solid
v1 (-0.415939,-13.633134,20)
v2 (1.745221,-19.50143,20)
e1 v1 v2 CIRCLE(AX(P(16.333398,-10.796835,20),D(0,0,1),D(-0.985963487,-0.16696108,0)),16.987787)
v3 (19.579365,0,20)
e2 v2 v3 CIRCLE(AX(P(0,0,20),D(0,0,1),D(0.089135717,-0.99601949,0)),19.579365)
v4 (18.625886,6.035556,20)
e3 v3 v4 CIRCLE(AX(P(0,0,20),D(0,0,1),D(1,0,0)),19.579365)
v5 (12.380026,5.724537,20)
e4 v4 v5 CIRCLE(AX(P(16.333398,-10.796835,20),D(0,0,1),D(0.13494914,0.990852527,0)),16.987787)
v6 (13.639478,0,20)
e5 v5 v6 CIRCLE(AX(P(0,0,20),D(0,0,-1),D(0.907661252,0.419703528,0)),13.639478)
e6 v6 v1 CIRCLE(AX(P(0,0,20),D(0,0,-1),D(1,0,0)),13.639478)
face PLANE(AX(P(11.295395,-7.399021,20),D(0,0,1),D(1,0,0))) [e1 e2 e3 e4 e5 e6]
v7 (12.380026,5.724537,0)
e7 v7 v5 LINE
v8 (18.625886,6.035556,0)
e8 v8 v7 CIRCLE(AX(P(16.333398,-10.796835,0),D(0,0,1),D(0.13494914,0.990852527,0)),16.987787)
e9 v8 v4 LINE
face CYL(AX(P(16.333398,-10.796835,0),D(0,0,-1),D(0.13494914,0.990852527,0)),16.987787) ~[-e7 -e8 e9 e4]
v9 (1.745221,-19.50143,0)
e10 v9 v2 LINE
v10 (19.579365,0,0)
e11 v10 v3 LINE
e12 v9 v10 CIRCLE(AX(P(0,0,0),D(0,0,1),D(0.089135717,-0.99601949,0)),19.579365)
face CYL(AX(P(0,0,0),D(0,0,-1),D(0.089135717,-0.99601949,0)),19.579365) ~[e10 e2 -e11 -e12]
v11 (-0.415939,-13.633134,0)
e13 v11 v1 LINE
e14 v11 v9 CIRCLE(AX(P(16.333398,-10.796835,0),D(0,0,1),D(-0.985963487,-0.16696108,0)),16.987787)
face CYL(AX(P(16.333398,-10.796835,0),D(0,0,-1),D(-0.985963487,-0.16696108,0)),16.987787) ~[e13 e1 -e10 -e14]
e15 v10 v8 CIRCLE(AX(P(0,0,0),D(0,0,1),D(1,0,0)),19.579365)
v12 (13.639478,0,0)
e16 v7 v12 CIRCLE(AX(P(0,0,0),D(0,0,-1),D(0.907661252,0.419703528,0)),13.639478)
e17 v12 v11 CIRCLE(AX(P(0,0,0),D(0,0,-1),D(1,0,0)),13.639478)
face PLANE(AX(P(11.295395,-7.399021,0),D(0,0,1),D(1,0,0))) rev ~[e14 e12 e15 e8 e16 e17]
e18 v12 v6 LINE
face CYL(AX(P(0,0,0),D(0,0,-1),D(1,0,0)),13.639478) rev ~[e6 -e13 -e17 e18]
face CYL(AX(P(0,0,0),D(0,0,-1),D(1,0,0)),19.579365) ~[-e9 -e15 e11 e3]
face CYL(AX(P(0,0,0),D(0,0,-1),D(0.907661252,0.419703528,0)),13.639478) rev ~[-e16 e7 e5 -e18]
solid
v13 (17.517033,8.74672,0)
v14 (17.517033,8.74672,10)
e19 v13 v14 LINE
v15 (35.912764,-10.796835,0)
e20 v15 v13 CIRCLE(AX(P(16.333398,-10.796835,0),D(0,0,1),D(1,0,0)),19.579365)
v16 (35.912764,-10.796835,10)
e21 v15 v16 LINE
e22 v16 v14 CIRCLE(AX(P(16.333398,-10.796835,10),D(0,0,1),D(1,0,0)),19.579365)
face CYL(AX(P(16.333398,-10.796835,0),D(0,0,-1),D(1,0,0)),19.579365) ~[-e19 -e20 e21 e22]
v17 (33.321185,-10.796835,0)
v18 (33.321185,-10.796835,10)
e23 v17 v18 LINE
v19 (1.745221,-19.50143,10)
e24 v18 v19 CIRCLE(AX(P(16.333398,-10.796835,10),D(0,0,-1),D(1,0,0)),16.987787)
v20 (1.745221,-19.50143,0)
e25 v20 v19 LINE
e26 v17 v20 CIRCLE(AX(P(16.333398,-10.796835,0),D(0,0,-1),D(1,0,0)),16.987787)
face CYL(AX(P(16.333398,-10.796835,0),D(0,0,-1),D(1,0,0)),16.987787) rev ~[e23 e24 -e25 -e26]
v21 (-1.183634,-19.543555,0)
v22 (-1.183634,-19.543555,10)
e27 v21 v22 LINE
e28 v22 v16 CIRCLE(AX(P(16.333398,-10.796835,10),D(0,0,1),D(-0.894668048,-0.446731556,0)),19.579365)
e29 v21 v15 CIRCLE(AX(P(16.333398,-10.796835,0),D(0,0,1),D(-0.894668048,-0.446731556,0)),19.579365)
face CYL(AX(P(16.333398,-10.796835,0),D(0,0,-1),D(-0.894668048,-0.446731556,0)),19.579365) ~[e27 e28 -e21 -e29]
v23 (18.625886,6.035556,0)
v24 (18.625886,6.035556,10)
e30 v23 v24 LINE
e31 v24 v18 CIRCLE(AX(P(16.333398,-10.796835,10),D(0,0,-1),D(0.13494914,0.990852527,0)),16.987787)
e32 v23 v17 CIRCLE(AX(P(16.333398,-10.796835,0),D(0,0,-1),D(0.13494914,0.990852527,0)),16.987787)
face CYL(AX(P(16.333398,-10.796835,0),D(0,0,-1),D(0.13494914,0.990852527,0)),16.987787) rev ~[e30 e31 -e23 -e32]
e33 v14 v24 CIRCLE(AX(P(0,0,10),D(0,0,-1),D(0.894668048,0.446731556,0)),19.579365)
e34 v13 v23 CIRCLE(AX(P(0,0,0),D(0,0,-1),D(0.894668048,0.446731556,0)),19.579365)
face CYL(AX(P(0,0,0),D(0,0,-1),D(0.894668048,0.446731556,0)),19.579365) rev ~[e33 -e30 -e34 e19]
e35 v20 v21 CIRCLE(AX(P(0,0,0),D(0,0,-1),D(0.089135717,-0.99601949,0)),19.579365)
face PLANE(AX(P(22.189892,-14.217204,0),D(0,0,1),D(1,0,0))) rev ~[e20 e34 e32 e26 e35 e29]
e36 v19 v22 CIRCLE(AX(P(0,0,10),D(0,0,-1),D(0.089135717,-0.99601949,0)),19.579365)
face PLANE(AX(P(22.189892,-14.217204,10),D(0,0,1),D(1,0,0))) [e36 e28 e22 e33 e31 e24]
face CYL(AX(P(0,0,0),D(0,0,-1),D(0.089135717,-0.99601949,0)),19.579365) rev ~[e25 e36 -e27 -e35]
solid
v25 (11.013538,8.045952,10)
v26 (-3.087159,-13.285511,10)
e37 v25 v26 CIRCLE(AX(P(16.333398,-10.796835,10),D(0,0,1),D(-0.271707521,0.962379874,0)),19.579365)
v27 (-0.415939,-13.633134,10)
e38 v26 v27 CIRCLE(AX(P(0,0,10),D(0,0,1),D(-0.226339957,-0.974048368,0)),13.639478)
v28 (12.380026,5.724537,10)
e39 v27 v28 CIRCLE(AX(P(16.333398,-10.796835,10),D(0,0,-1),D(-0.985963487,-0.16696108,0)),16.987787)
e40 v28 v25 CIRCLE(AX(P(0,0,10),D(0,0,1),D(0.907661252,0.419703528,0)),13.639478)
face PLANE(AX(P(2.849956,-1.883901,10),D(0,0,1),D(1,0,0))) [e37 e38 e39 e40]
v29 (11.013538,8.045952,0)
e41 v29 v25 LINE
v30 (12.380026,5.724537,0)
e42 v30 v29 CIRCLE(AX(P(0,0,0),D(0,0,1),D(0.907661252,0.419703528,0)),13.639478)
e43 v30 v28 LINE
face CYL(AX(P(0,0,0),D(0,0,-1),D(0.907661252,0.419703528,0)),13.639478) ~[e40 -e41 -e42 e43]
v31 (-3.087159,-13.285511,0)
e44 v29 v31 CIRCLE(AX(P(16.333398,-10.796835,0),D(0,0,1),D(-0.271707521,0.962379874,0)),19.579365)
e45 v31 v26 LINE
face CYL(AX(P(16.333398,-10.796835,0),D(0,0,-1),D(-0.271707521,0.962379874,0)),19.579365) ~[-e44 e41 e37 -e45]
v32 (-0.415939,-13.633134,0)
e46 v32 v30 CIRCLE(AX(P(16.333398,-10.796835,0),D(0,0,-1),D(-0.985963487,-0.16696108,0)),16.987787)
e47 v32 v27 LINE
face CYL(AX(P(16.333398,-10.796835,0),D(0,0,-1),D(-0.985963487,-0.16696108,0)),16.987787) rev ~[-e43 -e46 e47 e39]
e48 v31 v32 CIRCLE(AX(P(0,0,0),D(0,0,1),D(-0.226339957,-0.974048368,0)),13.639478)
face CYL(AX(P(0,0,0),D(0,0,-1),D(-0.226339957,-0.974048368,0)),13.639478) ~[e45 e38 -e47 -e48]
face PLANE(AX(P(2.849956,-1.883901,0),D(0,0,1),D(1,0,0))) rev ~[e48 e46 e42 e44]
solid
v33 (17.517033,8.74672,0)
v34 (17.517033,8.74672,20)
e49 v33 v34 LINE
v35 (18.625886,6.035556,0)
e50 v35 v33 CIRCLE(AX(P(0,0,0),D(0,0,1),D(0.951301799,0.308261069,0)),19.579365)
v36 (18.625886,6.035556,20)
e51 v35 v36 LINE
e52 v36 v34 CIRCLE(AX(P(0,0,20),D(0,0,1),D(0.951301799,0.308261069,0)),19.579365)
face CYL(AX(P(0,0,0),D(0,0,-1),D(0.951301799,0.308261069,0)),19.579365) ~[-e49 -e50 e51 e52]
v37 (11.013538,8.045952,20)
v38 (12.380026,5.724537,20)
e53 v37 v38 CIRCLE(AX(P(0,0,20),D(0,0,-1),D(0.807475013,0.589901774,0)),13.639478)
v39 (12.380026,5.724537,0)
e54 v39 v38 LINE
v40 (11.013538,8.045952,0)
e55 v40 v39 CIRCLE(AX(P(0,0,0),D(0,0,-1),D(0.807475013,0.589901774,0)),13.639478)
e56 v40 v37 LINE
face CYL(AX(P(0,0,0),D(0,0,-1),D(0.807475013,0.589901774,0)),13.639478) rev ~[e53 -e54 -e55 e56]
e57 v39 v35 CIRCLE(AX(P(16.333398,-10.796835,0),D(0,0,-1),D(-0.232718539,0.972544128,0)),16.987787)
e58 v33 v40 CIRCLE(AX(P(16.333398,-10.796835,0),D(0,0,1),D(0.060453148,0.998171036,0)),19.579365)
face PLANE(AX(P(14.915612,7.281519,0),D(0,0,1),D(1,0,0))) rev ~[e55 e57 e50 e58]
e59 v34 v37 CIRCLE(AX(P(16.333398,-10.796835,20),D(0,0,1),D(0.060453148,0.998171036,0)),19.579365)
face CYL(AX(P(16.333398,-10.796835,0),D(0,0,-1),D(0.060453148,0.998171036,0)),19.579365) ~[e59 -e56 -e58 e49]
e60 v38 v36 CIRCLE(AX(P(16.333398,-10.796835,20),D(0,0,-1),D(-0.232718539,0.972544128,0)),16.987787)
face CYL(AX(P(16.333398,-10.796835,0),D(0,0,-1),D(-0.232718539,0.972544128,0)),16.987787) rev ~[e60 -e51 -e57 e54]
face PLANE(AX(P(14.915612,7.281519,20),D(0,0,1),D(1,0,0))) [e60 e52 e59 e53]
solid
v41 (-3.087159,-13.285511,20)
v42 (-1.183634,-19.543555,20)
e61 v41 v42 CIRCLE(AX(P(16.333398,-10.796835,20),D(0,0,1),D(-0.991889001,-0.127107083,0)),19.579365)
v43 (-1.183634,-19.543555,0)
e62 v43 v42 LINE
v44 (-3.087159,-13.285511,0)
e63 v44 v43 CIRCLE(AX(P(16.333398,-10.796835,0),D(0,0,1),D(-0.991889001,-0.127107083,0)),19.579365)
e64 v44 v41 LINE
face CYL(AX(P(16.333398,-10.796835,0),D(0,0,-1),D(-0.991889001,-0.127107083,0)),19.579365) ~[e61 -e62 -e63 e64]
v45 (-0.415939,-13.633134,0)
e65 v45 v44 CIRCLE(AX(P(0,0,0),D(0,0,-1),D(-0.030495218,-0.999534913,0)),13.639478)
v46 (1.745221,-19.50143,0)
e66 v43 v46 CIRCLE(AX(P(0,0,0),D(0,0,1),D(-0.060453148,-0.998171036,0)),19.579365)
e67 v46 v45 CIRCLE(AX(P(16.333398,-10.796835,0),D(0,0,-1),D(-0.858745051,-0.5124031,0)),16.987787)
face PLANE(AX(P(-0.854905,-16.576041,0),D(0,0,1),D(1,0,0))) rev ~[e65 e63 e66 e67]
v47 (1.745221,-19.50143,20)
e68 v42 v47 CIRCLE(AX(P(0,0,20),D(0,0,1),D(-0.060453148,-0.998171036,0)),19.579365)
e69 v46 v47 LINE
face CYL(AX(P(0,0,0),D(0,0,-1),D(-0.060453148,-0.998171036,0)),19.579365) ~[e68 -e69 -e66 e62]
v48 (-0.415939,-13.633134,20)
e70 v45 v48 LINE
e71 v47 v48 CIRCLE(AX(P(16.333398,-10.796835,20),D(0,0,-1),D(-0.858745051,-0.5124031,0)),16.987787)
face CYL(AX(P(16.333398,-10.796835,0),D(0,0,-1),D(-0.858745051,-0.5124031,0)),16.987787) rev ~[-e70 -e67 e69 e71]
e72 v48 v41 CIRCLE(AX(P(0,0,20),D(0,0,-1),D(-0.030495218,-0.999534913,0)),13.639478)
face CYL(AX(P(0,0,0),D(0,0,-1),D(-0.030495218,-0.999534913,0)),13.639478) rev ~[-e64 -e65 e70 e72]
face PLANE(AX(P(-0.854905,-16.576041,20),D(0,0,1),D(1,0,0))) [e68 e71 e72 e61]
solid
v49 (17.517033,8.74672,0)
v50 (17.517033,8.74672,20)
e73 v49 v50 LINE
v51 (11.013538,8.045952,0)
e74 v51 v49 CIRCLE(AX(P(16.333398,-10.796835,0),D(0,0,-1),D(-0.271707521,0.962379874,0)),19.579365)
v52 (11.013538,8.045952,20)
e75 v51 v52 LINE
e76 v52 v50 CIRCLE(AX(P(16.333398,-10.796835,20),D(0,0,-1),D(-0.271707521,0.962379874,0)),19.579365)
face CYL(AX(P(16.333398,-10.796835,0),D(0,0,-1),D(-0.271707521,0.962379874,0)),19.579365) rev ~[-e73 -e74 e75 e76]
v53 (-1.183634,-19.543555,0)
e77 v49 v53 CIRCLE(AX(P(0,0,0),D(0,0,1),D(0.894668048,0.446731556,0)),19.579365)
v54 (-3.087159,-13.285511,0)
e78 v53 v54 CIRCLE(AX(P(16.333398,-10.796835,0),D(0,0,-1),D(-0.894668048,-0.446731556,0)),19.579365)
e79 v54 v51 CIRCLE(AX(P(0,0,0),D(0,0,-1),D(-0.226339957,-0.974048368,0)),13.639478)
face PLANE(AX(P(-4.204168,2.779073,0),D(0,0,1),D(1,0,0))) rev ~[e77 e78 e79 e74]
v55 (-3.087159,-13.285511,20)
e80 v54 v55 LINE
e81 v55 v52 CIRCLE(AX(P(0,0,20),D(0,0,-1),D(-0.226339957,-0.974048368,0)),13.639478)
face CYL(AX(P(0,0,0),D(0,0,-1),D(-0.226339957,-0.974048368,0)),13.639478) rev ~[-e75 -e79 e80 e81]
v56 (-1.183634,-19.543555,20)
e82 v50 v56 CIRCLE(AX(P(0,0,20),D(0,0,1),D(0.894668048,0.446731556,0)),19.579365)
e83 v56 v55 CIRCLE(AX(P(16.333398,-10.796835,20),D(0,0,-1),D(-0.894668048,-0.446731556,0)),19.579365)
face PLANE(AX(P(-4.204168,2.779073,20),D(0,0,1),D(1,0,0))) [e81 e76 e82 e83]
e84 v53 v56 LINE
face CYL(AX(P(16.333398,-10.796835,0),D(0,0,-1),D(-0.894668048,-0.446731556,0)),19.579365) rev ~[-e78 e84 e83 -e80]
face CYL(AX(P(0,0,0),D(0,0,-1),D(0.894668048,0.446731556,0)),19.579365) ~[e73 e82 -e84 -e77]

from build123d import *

# Parameters (mm, degrees)
F1_DEPTH = 20
F2_DEPTH = 20
F3_DEPTH = 20
F4_DEPTH = 20
F5_DEPTH = 10
F6_DEPTH = 10


with BuildPart() as f1:
    # F0 (on Top) → F1 (new body)
    with BuildSketch(Plane.XY):
        with BuildLine():
            ThreePointArc((11.0135375435, 8.0459521684), (14.2358136893, 8.6698464344), (17.5170326715, 8.7467203978))
            ThreePointArc((17.5170326715, 8.7467203978), (-16.3333984, 10.7968350936), (-1.1836342715, -19.5435554913))
            ThreePointArc((-1.1836342715, -19.5435554913), (-2.398584054, -16.494587692), (-3.087158825, -13.285511127))
            ThreePointArc((-3.087158825, -13.285511127), (-11.378255643, 7.5213465576), (11.0135375435, 8.0459521684))
        make_face()
    extrude(amount=F1_DEPTH)


with BuildPart() as f2:
    # F0 (on Top) → F2 (new body)
    with BuildSketch(Plane.XY):
        with BuildLine():
            ThreePointArc((1.745220777, -19.5014295827), (14.4485616362, -13.2132743094), (19.5793654476, 0))
            ThreePointArc((19.5793654476, 0), (19.3395265178, 3.0552030044), (18.6258855789, 6.0355561245))
            ThreePointArc((18.6258855789, 6.0355561245), (15.4885205684, 6.1699286825), (12.3800255295, 5.7245369599))
            ThreePointArc((12.3800255295, 5.7245369599), (13.3208941006, 2.9307227567), (13.6394778315, 0))
            ThreePointArc((13.6394778315, 0), (9.4963721158, -9.7905195039), (-0.4159388552, -13.6331342833))
            ThreePointArc((-0.4159388552, -13.6331342833), (0.3922823125, -16.667585426), (1.745220777, -19.5014295827))
        make_face()
    extrude(amount=F2_DEPTH)


with BuildPart() as f3:
    # F0 (on Top) → F3 (new body)
    with BuildSketch(Plane.XY):
        with BuildLine():
            ThreePointArc((-1.1836342715, -19.5435554913), (0.2815821351, -19.5773405454), (1.745220777, -19.5014295827))
            ThreePointArc((1.745220777, -19.5014295827), (0.3922823125, -16.667585426), (-0.4159388552, -13.6331342833))
            ThreePointArc((-0.4159388552, -13.6331342833), (-1.7601516423, -13.5254287072), (-3.087158825, -13.285511127))
            ThreePointArc((-3.087158825, -13.285511127), (-2.398584054, -16.494587692), (-1.1836342715, -19.5435554913))
        make_face()
    extrude(amount=F3_DEPTH)


with BuildPart() as f4:
    # F0 (on Top) → F4 (new body)
    with BuildSketch(Plane.XY):
        with BuildLine():
            ThreePointArc((12.3800255295, 5.7245369599), (15.4885205684, 6.1699286825), (18.6258855789, 6.0355561245))
            ThreePointArc((18.6258855789, 6.0355561245), (18.1222304875, 7.4119034996), (17.5170326715, 8.7467203978))
            ThreePointArc((17.5170326715, 8.7467203978), (14.2358136893, 8.6698464344), (11.0135375435, 8.0459521684))
            ThreePointArc((11.0135375435, 8.0459521684), (11.7542307471, 6.9190617183), (12.3800255295, 5.7245369599))
        make_face()
    extrude(amount=F4_DEPTH)


with BuildPart() as f5:
    # F0 (on Top) → F5 (new body)
    with BuildSketch(Plane.XY):
        with BuildLine():
            ThreePointArc((17.5170326715, 8.7467203978), (18.1222304875, 7.4119034996), (18.6258855789, 6.0355561245))
            ThreePointArc((18.6258855789, 6.0355561245), (29.130452249, 0.3754656708), (33.3211849416, -10.7968350936))
            ThreePointArc((33.3211849416, -10.7968350936), (20.8480436846, -27.1737355798), (1.745220777, -19.5014295827))
            ThreePointArc((1.745220777, -19.5014295827), (0.2815821351, -19.5773405454), (-1.1836342715, -19.5435554913))
            ThreePointArc((-1.1836342715, -19.5435554913), (20.8266804465, -29.8536440547), (35.9127638476, -10.7968350936))
            ThreePointArc((35.9127638476, -10.7968350936), (30.5904380522, 2.6228657856), (17.5170326715, 8.7467203978))
        make_face()
    extrude(amount=F5_DEPTH)


with BuildPart() as f6:
    # F0 (on Top) → F6 (new body)
    with BuildSketch(Plane.XY):
        with BuildLine():
            ThreePointArc((-0.4159388552, -13.6331342833), (2.1619337394, -1.4290989233), (12.3800255295, 5.7245369599))
            ThreePointArc((12.3800255295, 5.7245369599), (11.7542307471, 6.9190617183), (11.0135375435, 8.0459521684))
            ThreePointArc((11.0135375435, 8.0459521684), (0, 0), (-3.087158825, -13.285511127))
            ThreePointArc((-3.087158825, -13.285511127), (-1.7601516423, -13.5254287072), (-0.4159388552, -13.6331342833))
        make_face()
    extrude(amount=F6_DEPTH)


solid = Compound([f1.part, f2.part, f3.part, f4.part, f5.part, f6.part])
